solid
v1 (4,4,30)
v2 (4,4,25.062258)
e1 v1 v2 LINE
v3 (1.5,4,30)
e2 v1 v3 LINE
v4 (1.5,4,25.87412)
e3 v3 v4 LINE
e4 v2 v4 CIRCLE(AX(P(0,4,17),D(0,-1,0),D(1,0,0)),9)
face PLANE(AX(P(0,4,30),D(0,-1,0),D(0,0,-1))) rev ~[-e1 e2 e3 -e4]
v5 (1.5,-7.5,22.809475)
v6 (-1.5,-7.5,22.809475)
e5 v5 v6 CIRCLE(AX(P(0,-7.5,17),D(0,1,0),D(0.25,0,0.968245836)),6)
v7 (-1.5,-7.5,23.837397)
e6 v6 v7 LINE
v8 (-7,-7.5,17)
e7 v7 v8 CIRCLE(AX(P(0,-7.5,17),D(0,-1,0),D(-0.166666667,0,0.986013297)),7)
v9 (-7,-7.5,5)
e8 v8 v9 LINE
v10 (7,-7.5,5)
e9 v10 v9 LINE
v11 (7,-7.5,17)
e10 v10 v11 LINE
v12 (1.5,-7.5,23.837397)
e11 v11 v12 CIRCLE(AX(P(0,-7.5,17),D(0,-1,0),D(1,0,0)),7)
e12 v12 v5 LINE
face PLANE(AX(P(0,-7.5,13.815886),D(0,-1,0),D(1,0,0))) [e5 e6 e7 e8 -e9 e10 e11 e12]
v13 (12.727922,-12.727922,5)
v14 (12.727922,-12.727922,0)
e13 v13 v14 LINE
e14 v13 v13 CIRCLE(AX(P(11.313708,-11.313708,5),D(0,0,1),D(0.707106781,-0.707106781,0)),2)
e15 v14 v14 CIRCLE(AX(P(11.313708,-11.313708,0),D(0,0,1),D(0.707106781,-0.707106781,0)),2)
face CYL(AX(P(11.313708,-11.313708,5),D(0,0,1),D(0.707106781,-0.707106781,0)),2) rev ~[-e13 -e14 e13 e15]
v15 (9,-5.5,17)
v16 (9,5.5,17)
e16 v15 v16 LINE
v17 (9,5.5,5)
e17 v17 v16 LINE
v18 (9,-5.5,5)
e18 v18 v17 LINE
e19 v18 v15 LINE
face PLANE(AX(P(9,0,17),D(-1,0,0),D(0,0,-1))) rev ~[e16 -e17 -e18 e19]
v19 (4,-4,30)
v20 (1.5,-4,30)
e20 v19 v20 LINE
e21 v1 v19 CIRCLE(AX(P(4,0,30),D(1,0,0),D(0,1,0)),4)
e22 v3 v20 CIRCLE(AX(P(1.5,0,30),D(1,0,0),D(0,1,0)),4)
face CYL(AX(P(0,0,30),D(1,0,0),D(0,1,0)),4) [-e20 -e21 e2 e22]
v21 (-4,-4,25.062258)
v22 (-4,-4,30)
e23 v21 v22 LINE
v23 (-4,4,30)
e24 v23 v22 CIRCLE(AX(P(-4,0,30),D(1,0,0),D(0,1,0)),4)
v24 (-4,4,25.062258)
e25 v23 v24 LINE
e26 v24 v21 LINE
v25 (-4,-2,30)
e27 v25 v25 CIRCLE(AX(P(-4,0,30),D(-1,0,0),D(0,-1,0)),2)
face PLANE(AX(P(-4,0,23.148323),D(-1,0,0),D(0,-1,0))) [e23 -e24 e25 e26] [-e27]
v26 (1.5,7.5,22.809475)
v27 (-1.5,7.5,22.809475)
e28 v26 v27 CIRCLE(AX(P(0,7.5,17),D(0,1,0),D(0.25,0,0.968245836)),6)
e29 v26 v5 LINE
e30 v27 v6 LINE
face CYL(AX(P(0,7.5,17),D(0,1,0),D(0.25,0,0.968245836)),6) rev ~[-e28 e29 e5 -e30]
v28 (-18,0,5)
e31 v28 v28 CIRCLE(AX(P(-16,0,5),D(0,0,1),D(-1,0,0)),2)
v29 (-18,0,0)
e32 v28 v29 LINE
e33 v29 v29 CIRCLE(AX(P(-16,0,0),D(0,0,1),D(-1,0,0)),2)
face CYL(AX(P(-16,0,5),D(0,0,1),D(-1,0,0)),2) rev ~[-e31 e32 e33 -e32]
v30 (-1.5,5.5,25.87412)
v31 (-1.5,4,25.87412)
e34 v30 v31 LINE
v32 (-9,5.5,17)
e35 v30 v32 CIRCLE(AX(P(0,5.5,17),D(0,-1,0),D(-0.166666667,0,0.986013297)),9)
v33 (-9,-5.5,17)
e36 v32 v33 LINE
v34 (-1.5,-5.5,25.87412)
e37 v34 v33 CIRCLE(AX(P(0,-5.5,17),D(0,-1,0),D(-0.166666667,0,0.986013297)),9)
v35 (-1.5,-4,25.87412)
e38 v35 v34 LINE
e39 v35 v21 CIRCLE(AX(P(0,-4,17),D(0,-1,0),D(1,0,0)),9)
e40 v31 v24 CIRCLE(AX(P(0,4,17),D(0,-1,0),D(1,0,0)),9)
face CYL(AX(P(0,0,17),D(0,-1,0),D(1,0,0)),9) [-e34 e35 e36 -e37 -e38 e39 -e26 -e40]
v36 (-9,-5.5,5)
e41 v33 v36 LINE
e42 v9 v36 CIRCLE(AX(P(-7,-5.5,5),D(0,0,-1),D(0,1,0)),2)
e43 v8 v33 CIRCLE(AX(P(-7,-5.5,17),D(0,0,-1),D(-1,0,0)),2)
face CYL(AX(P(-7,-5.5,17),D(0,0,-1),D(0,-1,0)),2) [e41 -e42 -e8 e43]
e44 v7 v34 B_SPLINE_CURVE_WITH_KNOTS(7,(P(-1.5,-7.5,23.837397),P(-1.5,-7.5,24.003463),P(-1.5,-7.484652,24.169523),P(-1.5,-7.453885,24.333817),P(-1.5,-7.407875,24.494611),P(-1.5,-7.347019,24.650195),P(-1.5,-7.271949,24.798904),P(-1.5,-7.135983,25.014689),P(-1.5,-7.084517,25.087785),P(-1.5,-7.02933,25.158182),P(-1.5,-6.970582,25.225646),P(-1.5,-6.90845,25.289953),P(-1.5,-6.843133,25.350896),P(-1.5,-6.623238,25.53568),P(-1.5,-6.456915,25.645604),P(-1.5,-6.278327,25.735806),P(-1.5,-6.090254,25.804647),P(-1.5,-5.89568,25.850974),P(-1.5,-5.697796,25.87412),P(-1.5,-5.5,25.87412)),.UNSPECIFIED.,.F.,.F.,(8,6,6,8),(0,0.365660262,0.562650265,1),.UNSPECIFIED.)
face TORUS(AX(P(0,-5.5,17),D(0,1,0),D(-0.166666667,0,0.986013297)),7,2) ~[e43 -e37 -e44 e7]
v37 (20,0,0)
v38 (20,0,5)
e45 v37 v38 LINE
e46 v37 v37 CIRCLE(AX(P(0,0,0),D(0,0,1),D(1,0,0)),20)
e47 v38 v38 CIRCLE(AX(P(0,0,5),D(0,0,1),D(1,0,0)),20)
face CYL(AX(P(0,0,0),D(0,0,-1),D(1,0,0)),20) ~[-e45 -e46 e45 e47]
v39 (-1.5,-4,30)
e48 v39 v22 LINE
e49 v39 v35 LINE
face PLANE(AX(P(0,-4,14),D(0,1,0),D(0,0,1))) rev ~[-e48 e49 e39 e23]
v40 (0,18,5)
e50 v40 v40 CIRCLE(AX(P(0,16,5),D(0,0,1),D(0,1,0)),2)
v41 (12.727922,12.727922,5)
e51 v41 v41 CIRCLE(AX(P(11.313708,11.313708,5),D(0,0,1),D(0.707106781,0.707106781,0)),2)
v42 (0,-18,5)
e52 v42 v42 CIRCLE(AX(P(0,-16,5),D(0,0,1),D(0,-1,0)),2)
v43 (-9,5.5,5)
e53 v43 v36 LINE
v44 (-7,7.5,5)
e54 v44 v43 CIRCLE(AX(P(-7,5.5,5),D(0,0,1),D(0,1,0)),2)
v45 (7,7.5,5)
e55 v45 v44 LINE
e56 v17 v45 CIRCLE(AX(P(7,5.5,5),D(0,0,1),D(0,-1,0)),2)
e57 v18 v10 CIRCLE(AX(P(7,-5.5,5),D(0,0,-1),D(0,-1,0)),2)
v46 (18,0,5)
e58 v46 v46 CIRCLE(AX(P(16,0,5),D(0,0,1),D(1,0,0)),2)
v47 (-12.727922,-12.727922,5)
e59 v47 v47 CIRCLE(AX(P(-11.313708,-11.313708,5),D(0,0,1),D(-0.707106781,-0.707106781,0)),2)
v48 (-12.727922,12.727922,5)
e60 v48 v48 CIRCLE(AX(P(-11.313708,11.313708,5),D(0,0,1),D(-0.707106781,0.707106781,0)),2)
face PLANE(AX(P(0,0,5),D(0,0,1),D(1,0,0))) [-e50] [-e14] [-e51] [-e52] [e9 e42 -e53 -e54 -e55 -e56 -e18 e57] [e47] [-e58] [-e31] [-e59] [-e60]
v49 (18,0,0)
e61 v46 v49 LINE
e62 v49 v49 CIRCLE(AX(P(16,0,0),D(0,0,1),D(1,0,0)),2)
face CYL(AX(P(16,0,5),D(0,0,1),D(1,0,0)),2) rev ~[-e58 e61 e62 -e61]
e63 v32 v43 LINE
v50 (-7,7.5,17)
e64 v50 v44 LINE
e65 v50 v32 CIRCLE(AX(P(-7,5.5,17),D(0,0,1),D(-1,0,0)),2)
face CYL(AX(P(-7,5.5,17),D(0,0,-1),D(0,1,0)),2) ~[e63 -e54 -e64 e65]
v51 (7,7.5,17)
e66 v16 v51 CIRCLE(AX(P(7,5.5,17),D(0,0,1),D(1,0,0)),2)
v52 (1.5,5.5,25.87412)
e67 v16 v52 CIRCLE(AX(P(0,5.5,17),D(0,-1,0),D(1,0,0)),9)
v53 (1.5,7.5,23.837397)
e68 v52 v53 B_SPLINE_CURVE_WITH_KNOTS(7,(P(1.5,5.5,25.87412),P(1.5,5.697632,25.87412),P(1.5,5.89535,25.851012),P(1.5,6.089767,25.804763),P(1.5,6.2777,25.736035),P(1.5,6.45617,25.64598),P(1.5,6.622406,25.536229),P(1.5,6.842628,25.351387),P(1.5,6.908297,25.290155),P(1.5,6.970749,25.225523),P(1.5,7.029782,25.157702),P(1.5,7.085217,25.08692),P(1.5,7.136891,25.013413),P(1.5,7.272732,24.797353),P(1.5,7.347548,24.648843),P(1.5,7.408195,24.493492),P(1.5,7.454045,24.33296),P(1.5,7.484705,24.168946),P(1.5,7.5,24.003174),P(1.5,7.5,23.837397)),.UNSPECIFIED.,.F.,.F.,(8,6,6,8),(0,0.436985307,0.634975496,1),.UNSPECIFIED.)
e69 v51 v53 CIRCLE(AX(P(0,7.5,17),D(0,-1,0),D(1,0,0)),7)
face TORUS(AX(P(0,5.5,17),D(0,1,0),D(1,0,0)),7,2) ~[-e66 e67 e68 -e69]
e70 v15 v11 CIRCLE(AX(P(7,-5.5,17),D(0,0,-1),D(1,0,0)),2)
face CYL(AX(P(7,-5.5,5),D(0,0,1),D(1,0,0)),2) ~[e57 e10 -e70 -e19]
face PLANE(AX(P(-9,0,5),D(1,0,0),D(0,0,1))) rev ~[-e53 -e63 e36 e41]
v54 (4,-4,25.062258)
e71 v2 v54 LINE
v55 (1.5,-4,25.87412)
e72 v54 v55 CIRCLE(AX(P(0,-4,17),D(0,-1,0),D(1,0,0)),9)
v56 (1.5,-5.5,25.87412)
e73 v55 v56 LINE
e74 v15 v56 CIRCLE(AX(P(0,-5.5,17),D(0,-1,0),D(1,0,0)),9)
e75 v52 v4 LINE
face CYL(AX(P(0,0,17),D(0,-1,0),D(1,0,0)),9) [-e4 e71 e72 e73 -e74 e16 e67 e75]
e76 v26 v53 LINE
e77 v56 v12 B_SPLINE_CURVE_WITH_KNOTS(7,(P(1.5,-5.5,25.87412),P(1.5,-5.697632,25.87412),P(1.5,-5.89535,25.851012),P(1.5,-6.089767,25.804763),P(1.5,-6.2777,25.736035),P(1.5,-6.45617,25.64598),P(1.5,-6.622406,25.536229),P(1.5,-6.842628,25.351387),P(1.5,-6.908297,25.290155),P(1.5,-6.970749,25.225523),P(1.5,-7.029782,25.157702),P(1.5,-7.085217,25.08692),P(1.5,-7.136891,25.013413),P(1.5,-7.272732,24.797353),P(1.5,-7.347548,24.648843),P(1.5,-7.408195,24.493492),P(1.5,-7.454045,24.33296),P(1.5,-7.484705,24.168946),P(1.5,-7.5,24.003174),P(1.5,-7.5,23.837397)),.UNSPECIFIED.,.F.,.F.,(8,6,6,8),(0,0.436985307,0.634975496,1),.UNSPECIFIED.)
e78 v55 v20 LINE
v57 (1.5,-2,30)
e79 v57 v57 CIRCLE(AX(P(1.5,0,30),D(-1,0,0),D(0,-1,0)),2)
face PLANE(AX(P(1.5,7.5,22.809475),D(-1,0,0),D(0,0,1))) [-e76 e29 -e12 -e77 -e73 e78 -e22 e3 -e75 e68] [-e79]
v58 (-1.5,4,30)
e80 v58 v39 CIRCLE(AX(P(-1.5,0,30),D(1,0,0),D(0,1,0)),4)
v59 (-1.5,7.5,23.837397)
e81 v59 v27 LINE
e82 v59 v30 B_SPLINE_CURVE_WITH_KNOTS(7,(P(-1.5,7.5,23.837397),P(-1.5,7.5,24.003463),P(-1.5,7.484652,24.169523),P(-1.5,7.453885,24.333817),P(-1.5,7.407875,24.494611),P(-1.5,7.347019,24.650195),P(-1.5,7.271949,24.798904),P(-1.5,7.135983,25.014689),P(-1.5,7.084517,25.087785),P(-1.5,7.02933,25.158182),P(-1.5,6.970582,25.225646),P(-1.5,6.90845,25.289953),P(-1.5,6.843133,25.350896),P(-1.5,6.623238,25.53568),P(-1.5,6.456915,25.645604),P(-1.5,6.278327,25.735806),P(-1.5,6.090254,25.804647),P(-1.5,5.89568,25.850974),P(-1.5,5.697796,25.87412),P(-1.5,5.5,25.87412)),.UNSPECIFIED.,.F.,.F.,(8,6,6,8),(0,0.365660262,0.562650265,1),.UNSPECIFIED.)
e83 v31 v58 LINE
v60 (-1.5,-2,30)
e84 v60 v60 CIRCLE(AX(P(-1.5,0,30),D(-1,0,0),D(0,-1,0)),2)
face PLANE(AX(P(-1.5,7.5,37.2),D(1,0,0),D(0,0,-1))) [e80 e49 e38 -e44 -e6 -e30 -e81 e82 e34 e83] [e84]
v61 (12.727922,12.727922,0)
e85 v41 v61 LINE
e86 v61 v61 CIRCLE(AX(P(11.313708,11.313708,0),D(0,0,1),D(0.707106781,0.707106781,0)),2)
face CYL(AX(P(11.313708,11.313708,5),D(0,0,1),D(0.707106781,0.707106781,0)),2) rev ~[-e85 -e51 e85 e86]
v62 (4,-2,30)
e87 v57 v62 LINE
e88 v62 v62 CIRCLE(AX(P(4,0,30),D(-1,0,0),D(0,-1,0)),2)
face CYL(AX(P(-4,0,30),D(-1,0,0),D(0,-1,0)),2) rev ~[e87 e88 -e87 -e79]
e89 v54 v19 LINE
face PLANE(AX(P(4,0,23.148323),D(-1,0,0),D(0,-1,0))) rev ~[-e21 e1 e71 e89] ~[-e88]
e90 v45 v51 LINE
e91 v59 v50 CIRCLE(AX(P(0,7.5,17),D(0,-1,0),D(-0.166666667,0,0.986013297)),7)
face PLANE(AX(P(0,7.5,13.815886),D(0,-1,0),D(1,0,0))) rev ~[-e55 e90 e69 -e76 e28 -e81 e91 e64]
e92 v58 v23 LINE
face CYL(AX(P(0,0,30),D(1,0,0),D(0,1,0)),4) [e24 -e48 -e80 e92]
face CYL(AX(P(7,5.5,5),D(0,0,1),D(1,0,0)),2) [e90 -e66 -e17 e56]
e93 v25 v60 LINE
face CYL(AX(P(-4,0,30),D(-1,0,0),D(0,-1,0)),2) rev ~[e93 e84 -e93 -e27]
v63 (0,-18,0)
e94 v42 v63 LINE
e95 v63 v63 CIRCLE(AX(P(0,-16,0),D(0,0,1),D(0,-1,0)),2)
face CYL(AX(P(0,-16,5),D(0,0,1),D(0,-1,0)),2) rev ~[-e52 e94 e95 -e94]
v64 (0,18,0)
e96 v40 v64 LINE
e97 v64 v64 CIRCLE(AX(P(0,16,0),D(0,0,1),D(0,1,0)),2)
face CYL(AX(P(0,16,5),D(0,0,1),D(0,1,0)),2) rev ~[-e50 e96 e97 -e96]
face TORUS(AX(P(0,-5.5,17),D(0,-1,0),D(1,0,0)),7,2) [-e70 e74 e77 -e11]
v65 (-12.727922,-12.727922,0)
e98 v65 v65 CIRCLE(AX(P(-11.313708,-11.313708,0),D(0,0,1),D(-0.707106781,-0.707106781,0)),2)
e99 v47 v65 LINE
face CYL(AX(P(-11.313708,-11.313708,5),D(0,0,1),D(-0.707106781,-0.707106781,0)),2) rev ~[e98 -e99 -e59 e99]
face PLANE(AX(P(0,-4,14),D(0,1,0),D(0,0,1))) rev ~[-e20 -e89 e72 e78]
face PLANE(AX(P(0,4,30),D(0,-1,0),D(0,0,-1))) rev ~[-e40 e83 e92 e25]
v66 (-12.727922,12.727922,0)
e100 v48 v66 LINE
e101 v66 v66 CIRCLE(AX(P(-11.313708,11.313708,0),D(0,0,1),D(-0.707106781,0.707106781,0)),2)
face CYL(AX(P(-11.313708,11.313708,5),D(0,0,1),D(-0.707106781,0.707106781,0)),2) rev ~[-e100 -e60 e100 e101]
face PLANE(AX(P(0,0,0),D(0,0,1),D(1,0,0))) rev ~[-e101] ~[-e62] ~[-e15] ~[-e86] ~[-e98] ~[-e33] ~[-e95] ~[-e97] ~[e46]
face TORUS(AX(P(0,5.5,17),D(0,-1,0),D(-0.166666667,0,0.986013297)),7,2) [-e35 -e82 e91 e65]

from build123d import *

# Parameters (mm, degrees)
SKETCH_R           = 20
PAD_DEPTH          = 5
PAD001_DEPTH       = 7.5
PAD002_DEPTH       = 4
SKETCH003_R        = 2
POCKET_DEPTH       = 24.001
POCKET001_DEPTH    = 27.501
SKETCH005_R        = 2
POCKET002_DEPTH    = 137.001
POLARPATTERN_COUNT = 8
FILLET_R           = 2


with BuildPart() as part:
    # Sketch → Pad (new body)
    with BuildSketch(Plane.XY):
        Circle(SKETCH_R)
    extrude(amount=PAD_DEPTH)

    # Sketch001 → Pad001 (join, symmetric)
    with BuildSketch(Plane.XZ):
        with BuildLine():
            ThreePointArc((9, 17), (0, 26), (-9, 17))
            Line((-9, 5), (-9, 17))
            Line((9, 5), (-9, 5))
            Line((9, 17), (9, 5))
        make_face()
    extrude(amount=PAD001_DEPTH, both=True)

    # Sketch002 → Pad002 (join, symmetric)
    with BuildSketch(Plane.YZ):
        with BuildLine():
            Line((-4, 14), (-4, 30))
            ThreePointArc((4, 30), (0, 34), (-4, 30))
            Line((4, 30), (4, 14))
            Line((4, 14), (-4, 14))
        make_face()
    extrude(amount=PAD002_DEPTH, both=True)

    # Sketch003 (on Face9 of Pad002) → Pocket (cut, through all)
    with BuildSketch(Plane(origin=(-4, 0, 0), x_dir=(0, -1, 0), z_dir=(-1, 0, 0))):
        with Locations((0, 30)):
            Circle(SKETCH003_R)
    extrude(amount=-POCKET_DEPTH, mode=Mode.SUBTRACT)

    # Sketch004 (on Face7 of Pocket) → Pocket001 (cut, through all)
    with BuildSketch(Plane(origin=(0, 7.5, 0), x_dir=(-1, 0, 0), z_dir=(0, 1, 0))):
        with BuildLine():
            ThreePointArc((-1.5, 22.809475), (0, 11), (1.5, 22.809475))
            Line((1.5, 37.2), (1.5, 22.809475))
            Line((-1.5, 37.2), (1.5, 37.2))
            Line((-1.5, 22.809475), (-1.5, 37.2))
        make_face()
    extrude(amount=-POCKET001_DEPTH, mode=Mode.SUBTRACT)

    # Sketch005 (on Face3 of Pocket001) → Pocket002 (cut, through all)
    with BuildSketch(Plane.XY.offset(5)):
        with Locations((16, 0)):
            Circle(SKETCH005_R)
    pocket002 = extrude(amount=-POCKET002_DEPTH, mode=Mode.SUBTRACT)

    # PolarPattern: Pocket002 ×8 about axis
    polarpattern_axis = Axis((0, 0, 5), (0, 0, 1))
    for i in range(1, POLARPATTERN_COUNT):
        add(pocket002.rotate(polarpattern_axis, i * 360 / POLARPATTERN_COUNT), mode=Mode.SUBTRACT)

    # Fillet
    fillet_edges = [part.edges().sort_by_distance(p)[0] for p in [
        (-6.873864, -7.5, 22.809475),
        (6.873864, -7.5, 22.809475),
        (6.873864, 7.5, 22.809475),
        (-6.873864, 7.5, 22.809475),
    ]]
    fillet(fillet_edges, radius=FILLET_R)


solid = part.part
